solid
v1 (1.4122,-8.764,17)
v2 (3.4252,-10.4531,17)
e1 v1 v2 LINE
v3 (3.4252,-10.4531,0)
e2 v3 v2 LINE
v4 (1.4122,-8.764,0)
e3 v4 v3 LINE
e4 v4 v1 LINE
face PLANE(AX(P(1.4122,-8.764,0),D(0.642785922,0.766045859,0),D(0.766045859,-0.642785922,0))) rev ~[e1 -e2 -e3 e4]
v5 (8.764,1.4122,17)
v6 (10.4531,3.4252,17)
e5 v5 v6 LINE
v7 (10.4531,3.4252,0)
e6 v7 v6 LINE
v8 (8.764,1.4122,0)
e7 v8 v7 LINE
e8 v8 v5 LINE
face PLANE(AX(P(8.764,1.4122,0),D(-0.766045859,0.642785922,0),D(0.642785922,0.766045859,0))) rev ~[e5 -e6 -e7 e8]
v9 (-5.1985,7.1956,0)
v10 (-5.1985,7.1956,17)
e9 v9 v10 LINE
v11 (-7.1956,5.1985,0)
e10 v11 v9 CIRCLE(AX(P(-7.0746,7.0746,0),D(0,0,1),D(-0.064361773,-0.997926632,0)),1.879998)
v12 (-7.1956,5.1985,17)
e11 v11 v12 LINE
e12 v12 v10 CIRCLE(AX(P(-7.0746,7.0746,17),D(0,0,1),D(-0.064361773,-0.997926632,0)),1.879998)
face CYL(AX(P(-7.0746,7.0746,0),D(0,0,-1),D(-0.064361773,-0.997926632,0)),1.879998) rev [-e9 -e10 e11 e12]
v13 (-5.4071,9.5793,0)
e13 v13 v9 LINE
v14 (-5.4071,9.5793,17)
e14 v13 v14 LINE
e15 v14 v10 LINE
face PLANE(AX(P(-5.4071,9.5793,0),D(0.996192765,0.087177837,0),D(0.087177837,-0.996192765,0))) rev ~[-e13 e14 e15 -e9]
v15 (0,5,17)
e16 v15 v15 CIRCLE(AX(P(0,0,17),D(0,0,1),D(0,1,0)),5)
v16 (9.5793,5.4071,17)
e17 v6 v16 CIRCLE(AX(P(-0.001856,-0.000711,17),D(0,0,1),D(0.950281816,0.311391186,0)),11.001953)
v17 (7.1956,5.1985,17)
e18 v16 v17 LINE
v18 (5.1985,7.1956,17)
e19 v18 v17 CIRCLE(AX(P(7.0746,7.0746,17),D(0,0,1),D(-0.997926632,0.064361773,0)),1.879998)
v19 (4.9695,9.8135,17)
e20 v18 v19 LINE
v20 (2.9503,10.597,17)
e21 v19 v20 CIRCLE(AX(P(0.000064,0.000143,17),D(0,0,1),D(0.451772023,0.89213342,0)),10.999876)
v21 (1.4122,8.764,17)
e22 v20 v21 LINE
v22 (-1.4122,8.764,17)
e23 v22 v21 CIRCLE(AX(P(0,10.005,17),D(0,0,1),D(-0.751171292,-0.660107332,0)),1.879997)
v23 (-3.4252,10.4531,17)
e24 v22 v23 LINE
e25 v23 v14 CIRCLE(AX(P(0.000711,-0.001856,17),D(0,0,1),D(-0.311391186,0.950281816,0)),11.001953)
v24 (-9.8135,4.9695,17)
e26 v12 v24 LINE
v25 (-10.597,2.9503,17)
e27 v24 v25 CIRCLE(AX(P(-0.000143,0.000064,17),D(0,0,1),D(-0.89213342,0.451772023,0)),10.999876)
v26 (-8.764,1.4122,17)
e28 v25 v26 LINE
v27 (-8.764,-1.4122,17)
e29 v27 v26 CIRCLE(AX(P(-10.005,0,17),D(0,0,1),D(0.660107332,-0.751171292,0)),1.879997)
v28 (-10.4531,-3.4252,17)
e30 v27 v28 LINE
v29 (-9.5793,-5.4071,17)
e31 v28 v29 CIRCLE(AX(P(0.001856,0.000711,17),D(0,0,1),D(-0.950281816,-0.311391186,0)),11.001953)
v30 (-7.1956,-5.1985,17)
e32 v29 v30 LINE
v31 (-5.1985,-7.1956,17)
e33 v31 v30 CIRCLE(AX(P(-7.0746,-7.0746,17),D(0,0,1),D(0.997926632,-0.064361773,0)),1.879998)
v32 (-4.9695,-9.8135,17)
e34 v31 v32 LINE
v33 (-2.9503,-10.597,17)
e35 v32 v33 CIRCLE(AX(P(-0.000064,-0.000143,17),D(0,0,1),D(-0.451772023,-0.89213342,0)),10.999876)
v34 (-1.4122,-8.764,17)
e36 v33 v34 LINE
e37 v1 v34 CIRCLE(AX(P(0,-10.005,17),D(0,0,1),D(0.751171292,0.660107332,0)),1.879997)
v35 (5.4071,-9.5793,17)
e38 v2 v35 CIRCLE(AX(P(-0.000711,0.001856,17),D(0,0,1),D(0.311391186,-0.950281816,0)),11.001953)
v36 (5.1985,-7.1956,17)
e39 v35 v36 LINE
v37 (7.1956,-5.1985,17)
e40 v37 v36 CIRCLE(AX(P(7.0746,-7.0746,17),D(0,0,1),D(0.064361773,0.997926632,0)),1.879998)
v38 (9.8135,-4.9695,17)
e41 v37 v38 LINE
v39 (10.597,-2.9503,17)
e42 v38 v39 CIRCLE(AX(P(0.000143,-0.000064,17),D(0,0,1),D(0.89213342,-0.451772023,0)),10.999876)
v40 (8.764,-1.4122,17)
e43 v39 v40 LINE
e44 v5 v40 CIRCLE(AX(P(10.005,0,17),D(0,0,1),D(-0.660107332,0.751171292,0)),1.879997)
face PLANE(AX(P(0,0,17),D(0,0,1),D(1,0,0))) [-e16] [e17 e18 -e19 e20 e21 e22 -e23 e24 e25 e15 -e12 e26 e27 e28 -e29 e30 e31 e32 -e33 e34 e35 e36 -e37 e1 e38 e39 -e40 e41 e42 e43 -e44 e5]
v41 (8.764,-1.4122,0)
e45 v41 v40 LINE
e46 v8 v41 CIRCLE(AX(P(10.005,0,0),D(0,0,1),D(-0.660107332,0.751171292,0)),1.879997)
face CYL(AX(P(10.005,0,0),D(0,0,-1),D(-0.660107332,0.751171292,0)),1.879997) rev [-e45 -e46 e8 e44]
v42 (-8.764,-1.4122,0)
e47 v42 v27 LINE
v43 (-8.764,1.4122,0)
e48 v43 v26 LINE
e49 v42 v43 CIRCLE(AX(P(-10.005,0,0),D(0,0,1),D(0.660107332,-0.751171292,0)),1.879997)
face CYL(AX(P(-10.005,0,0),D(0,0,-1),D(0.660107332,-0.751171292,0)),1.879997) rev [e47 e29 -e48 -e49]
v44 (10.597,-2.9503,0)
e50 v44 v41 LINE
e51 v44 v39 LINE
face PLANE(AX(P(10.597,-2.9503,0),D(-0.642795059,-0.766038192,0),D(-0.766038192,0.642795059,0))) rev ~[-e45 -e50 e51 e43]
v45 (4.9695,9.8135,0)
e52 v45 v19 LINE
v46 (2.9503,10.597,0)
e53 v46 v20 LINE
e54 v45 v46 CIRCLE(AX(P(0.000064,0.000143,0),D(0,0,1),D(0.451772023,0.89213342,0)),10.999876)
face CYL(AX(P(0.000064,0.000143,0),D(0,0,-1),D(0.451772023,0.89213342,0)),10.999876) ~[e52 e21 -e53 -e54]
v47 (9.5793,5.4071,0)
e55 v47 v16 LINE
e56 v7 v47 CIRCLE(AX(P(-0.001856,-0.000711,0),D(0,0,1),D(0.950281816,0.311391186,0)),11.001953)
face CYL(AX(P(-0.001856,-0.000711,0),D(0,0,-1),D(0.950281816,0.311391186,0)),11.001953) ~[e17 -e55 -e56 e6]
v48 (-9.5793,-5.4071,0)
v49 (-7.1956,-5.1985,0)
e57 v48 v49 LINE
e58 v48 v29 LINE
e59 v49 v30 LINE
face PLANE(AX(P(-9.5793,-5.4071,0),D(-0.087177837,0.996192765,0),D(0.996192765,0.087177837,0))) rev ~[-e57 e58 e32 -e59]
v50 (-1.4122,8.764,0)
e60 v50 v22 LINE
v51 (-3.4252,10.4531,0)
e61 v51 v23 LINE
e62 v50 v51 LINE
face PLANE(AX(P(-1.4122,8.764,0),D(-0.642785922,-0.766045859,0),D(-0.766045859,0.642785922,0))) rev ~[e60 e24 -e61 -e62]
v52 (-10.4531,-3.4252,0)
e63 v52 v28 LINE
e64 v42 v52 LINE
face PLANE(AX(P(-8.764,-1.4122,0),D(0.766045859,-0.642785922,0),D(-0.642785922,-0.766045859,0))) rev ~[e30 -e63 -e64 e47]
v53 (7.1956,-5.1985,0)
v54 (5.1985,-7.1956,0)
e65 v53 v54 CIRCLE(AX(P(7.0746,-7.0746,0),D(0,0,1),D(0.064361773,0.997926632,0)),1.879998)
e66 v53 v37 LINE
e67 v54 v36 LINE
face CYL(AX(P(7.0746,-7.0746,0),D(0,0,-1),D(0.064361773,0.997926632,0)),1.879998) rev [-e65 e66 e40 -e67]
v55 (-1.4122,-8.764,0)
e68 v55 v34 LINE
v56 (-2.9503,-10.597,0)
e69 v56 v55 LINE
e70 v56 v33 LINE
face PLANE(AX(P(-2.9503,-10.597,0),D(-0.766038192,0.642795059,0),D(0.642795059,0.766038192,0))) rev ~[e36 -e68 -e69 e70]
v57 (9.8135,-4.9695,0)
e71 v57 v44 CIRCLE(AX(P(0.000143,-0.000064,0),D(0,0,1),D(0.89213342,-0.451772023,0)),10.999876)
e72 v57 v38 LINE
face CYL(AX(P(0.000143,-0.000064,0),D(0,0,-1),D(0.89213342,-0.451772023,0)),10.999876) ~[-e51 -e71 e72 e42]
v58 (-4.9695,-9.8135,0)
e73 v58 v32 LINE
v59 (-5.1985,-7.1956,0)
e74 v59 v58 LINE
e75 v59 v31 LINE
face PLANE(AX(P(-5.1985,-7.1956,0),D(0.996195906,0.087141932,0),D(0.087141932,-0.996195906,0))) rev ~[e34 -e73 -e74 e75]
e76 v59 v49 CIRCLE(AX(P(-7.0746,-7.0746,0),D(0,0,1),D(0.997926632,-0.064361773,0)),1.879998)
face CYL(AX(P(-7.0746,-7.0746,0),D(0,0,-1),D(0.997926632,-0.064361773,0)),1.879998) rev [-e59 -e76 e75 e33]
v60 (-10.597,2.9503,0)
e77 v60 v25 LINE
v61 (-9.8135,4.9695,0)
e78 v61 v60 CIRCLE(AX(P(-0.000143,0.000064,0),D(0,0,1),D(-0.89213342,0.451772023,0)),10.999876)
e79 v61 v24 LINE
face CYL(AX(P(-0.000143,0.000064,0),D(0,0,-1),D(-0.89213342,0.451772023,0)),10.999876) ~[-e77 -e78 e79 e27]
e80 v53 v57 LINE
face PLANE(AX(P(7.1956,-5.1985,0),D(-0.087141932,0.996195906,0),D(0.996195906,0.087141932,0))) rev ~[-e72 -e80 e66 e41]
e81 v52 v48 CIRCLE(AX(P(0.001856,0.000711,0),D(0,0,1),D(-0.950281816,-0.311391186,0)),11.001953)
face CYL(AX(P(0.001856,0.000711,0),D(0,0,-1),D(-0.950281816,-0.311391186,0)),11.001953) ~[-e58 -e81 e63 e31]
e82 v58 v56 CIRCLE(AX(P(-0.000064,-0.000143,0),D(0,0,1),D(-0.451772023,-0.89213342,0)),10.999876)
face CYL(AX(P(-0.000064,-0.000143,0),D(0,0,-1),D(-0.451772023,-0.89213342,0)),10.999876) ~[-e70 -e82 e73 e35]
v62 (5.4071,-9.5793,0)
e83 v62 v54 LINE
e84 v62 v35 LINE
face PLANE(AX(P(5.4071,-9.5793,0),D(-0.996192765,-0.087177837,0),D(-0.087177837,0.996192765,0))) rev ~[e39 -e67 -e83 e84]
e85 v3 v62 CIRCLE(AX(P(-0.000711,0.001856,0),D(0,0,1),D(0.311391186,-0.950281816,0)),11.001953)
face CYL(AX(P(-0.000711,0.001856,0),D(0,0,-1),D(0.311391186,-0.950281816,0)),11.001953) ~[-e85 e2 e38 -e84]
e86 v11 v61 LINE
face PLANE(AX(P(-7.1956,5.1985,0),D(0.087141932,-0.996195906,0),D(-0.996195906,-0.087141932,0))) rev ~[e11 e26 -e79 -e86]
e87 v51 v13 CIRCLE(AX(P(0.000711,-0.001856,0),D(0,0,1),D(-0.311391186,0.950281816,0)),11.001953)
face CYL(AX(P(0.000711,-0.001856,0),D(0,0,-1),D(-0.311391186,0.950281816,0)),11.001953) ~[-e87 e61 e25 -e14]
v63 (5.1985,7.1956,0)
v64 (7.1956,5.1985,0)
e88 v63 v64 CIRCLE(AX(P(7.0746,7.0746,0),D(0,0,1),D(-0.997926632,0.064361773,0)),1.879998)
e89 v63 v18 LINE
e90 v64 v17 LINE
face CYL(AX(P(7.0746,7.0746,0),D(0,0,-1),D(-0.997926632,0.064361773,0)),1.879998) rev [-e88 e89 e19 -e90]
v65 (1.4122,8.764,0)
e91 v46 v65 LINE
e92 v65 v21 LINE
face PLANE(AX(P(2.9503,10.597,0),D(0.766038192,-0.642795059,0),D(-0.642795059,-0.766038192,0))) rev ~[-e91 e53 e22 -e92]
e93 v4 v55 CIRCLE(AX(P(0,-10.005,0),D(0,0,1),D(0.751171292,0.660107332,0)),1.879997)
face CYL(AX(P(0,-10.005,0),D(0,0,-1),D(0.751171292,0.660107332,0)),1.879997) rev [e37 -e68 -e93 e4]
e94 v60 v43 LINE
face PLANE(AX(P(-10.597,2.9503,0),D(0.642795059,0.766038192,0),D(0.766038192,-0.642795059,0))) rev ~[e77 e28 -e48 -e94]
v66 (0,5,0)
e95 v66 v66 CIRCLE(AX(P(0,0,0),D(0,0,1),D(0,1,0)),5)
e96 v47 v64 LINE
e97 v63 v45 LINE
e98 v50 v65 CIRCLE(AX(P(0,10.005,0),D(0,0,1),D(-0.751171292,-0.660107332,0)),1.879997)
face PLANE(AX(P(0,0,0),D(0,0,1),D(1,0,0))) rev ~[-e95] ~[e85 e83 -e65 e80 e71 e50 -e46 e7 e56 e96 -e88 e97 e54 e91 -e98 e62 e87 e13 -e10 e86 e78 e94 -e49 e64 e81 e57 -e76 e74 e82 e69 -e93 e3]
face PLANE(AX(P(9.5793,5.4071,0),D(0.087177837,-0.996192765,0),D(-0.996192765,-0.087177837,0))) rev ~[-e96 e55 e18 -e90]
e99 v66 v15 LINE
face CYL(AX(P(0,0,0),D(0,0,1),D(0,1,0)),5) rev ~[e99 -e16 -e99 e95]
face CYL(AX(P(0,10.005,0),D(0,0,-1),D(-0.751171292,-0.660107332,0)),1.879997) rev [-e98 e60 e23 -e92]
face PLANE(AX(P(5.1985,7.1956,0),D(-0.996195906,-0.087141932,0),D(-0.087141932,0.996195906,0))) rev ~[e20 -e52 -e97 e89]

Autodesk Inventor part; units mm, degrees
sketch "Sketch_1" plane through (0, 0, 0) normal (0, 0, 1) x (1, 0, 0)
  line L0 (-10.597, 2.9503) -> (-8.764, 1.4122)
  arc A0 (-8.764, -1.4122) -> (-8.764, 1.4122) centre (-10.005, 0) ccw
  line L1 (-8.764, -1.4122) -> (-10.4531, -3.4252)
  arc A1 (-10.4531, -3.4252) -> (-9.5793, -5.4071) centre (0, 0) ccw
  line L2 (-9.5793, -5.4071) -> (-7.1956, -5.1985)
  arc A2 (-5.1985, -7.1956) -> (-7.1956, -5.1985) centre (-7.0746, -7.0746) ccw
  line L3 (-5.1985, -7.1956) -> (-4.9695, -9.8135)
  arc A3 (-4.9695, -9.8135) -> (-2.9503, -10.597) centre (0, 0) ccw
  line L4 (-2.9503, -10.597) -> (-1.4122, -8.764)
  arc A4 (1.4122, -8.764) -> (-1.4122, -8.764) centre (0, -10.005) ccw
  line L5 (1.4122, -8.764) -> (3.4252, -10.4531)
  arc A5 (3.4252, -10.4531) -> (5.4071, -9.5793) centre (0, 0) ccw
  line L6 (5.4071, -9.5793) -> (5.1985, -7.1956)
  arc A6 (7.1956, -5.1985) -> (5.1985, -7.1956) centre (7.0746, -7.0746) ccw
  line L7 (7.1956, -5.1985) -> (9.8135, -4.9695)
  arc A7 (9.8135, -4.9695) -> (10.597, -2.9503) centre (0, 0) ccw
  line L8 (10.597, -2.9503) -> (8.764, -1.4122)
  arc A8 (8.764, 1.4122) -> (8.764, -1.4122) centre (10.005, 0) ccw
  line L9 (8.764, 1.4122) -> (10.4531, 3.4252)
  arc A9 (10.4531, 3.4252) -> (9.5793, 5.4071) centre (0, 0) ccw
  line L10 (9.5793, 5.4071) -> (7.1956, 5.1985)
  arc A10 (5.1985, 7.1956) -> (7.1956, 5.1985) centre (7.0746, 7.0746) ccw
  line L11 (5.1985, 7.1956) -> (4.9695, 9.8135)
  arc A11 (4.9695, 9.8135) -> (2.9503, 10.597) centre (0, 0) ccw
  line L12 (2.9503, 10.597) -> (1.4122, 8.764)
  arc A12 (-1.4122, 8.764) -> (1.4122, 8.764) centre (0, 10.005) ccw
  line L13 (-1.4122, 8.764) -> (-3.4252, 10.4531)
  arc A13 (-3.4252, 10.4531) -> (-5.4071, 9.5793) centre (0, 0) ccw
  line L14 (-5.4071, 9.5793) -> (-5.1985, 7.1956)
  arc A14 (-7.1956, 5.1985) -> (-5.1985, 7.1956) centre (-7.0746, 7.0746) ccw
  line L15 (-7.1956, 5.1985) -> (-9.8135, 4.9695)
  arc A15 (-9.8135, 4.9695) -> (-10.597, 2.9503) centre (0, 0) ccw
extrude "Extrusion1" add sketch "Sketch_1" along normal blind 17
sketch "Sketch2" plane through (0, 0, 0) normal (0, 0, -1) x (-1, 0, 0)
  point P0 (0, 0)
hole "Hole1" at (0, 0, 0) direction (0, 0, 1) diameter 10 depth 17
ref_plane "left_XY" through (0, 0, 0) normal (0, 0, 1) x (1, 0, 0)
ref_plane "left_YZ" through (0, 0, 0) normal (1, 0, 0) x (0, 1, 0)
ref_plane "left_ZX" through (0, 0, 0) normal (0, 1, 0) x (0, 0, 1)
ref_plane "right_XY" through (0, 0, 17) normal (0, 0, 1) x (1, 0, 0)
ref_plane "right_YZ" through (0, 0, 17) normal (1, 0, 0) x (0, 1, 0)
ref_plane "right_ZX" through (0, 0, 17) normal (0, 1, 0) x (0, 0, 1)
properties part number "MSF-25 Sleeve"
